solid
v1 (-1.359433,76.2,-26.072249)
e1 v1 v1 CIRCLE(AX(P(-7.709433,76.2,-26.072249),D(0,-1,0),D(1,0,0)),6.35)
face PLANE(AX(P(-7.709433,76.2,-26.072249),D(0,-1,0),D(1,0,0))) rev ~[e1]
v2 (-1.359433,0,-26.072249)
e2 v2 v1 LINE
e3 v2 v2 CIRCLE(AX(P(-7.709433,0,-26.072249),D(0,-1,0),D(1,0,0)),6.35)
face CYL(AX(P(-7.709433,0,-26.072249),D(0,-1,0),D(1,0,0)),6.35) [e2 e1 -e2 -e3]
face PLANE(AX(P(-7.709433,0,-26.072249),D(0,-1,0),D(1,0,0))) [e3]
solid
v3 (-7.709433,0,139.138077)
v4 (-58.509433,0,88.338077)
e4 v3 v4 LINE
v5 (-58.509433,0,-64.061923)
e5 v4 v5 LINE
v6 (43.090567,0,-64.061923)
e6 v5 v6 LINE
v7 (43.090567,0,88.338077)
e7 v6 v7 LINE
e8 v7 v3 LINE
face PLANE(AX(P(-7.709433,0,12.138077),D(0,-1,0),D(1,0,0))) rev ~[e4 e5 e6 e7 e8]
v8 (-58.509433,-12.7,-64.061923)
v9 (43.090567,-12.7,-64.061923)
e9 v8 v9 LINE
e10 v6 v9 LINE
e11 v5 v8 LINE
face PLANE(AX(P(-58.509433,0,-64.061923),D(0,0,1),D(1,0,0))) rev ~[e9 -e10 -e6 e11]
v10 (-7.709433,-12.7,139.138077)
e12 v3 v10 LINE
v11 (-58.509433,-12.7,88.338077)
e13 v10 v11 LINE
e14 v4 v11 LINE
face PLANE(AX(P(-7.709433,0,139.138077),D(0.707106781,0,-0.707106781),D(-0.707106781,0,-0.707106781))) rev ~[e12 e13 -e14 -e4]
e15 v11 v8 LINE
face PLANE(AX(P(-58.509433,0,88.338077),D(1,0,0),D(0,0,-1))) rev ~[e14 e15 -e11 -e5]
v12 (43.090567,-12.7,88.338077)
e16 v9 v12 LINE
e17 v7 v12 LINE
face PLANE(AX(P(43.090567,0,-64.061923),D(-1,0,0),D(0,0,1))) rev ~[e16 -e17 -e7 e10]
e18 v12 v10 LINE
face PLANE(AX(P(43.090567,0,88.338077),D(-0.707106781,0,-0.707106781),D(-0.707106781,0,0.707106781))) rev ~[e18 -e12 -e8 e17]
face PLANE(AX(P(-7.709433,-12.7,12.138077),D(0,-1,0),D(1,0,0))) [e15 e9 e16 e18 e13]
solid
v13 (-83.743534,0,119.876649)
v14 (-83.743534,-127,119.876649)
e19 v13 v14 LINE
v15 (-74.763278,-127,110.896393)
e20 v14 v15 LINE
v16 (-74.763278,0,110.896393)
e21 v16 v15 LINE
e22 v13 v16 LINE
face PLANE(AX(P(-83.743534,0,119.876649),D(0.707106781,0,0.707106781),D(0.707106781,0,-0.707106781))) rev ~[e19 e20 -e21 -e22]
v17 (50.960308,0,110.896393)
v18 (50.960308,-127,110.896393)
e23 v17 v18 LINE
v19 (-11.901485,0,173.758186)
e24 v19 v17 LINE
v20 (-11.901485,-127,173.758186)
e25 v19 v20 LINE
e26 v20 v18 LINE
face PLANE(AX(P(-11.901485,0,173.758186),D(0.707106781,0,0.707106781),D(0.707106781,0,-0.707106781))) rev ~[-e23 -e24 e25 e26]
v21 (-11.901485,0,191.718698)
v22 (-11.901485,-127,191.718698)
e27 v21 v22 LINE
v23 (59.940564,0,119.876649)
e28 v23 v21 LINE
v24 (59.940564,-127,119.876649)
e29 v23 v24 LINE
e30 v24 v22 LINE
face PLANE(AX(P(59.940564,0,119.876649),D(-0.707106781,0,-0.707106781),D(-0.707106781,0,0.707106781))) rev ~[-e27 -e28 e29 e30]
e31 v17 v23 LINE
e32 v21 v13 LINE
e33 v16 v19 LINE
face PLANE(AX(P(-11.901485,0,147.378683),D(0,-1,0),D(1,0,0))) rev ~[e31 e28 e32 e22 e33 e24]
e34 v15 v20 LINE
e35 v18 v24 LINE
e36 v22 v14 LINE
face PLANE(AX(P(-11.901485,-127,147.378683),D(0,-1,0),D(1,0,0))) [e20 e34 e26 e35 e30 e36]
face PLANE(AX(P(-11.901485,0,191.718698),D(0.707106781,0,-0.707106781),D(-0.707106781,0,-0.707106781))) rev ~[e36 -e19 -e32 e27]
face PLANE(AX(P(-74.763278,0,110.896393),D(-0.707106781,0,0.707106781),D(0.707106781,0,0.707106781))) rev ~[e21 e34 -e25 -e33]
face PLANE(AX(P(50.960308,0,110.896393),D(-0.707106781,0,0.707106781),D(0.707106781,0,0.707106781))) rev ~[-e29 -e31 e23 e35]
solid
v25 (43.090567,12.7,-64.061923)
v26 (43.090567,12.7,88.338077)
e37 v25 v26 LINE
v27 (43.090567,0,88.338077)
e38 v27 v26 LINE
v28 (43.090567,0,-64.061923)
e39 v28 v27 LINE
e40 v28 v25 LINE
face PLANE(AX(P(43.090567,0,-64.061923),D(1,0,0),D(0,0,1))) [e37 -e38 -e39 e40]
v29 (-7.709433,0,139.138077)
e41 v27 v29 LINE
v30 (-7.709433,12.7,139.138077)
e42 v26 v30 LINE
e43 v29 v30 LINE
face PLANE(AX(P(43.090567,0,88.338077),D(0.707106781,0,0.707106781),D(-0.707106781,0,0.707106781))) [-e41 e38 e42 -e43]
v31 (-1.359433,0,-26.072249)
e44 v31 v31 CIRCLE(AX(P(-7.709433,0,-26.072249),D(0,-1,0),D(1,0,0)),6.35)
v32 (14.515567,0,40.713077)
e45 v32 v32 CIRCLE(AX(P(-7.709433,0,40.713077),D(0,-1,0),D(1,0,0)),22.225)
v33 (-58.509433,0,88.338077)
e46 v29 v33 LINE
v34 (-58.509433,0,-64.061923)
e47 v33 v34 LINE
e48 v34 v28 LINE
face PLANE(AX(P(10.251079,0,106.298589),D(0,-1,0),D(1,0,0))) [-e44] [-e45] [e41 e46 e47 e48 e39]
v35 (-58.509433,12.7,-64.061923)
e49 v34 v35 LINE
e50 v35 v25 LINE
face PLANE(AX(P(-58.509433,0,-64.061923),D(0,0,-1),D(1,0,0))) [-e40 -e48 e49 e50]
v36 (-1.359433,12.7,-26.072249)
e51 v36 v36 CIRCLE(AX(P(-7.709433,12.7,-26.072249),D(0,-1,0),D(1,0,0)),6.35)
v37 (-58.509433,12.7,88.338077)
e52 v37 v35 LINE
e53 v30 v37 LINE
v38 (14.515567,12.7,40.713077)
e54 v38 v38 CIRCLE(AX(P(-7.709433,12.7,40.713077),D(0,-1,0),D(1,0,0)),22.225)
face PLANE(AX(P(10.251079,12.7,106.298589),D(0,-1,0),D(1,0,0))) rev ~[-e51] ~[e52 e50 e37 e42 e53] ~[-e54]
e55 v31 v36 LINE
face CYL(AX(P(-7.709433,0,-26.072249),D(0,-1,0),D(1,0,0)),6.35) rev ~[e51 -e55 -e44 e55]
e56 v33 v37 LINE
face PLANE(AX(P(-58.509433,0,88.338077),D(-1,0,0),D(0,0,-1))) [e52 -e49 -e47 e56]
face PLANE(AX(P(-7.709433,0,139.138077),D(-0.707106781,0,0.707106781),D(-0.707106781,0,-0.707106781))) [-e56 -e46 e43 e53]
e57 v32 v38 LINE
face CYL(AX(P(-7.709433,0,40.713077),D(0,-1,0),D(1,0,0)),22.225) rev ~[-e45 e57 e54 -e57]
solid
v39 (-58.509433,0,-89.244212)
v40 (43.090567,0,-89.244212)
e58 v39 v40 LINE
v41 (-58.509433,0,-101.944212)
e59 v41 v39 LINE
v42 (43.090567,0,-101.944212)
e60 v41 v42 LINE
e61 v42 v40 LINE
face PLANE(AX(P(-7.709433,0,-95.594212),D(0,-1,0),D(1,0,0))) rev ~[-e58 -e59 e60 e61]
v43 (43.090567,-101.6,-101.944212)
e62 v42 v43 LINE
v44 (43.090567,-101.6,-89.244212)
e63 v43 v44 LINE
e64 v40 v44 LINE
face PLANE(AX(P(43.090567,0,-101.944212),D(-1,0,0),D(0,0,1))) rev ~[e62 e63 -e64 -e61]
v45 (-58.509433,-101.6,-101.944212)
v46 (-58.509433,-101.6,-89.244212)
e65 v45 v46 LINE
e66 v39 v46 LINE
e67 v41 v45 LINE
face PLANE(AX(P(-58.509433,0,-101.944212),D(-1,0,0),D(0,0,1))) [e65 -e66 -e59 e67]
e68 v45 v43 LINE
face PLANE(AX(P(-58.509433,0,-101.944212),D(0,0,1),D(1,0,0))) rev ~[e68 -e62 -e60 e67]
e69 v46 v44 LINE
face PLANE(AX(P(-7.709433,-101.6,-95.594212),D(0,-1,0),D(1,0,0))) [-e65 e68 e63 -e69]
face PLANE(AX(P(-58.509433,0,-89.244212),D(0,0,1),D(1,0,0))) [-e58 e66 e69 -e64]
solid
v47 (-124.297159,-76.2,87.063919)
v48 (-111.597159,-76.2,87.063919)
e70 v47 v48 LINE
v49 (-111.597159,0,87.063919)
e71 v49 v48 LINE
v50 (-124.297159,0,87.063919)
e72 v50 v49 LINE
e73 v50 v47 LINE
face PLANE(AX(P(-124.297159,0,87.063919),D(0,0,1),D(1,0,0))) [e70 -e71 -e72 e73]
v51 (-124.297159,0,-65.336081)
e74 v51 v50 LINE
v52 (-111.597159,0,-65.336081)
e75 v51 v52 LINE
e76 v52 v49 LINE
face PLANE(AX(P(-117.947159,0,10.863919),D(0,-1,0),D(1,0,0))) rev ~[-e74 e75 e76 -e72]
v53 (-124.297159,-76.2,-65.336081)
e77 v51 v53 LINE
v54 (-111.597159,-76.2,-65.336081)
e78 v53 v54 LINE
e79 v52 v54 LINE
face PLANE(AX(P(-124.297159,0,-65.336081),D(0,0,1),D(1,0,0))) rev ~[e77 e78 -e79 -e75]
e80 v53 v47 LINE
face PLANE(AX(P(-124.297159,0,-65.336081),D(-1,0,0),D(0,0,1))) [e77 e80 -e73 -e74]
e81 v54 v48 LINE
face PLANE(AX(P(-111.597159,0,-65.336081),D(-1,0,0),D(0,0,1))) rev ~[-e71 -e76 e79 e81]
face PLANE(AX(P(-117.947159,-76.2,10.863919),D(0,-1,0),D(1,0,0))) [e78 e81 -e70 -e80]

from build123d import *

# Parameters (mm, degrees)
F0_W     = 101.6
F0_H     = 12.7
F1_DEPTH = 101.6
F0_W_2   = 12.7
F0_H_2   = 152.4
F2_DEPTH = 76.2
F0_R     = 6.35
F0_R_2   = 22.225
F3_DEPTH = 12.7
F4_DEPTH = 12.7
F5_DEPTH = 127
F6_DEPTH = 76.2


with BuildPart() as f1:
    # F0 (on Front) → F1 (new body)
    with BuildSketch(Plane.XZ):
        with Locations((-7.709433, -95.594212)):
            Rectangle(F0_W, F0_H)
    extrude(amount=F1_DEPTH)


with BuildPart() as f2:
    # F0 (on Front) → F2 (new body)
    with BuildSketch(Plane.XZ):
        with Locations((-117.947159, 10.863919)):
            Rectangle(F0_W_2, F0_H_2)
    extrude(amount=F2_DEPTH)


with BuildPart() as f3:
    # F0 (on Front) → F3 (new body)
    with BuildSketch(Plane.XZ):
        Polygon((-7.709433, 88.338077), (-58.509433, 88.338077), (-58.509433, -64.061923), (43.090567, -64.061923), (43.090567, 88.338077), align=None)
        with Locations((-7.709433, -26.072249)):
            Circle(F0_R, mode=Mode.SUBTRACT)
        with Locations((-7.709433, 40.713077)):
            Circle(F0_R_2, mode=Mode.SUBTRACT)
        Polygon((-7.709433, 139.138077), (-58.509433, 88.338077), (-7.709433, 88.338077), align=None)
        Polygon((-7.709433, 139.138077), (-7.709433, 88.338077), (43.090567, 88.338077), align=None)
        with Locations((-7.709433, 40.713077)):
            Circle(F0_R_2)
        with Locations((-7.709433, -26.072249)):
            Circle(F0_R)
    extrude(amount=F3_DEPTH)


with BuildPart() as f4:
    # F0 (on Front) → F4 (new body)
    with BuildSketch(Plane.XZ):
        Polygon((-7.709433, 139.138077), (-7.709433, 88.338077), (43.090567, 88.338077), align=None)
        Polygon((-7.709433, 139.138077), (-58.509433, 88.338077), (-7.709433, 88.338077), align=None)
        Polygon((-7.709433, 88.338077), (-58.509433, 88.338077), (-58.509433, -64.061923), (43.090567, -64.061923), (43.090567, 88.338077), align=None)
        with Locations((-7.709433, -26.072249)):
            Circle(F0_R, mode=Mode.SUBTRACT)
        with Locations((-7.709433, 40.713077)):
            Circle(F0_R_2, mode=Mode.SUBTRACT)
    extrude(amount=-F4_DEPTH)


with BuildPart() as f5:
    # F0 (on Front) → F5 (new body)
    with BuildSketch(Plane.XZ):
        Polygon((-11.901485, 191.718698), (-83.743534, 119.876649), (-74.763278, 110.896393), (-11.901485, 173.758186), (50.960308, 110.896393), (59.940564, 119.876649), align=None)
    extrude(amount=F5_DEPTH)


with BuildPart() as f6:
    # F0 (on Front) → F6 (new body)
    with BuildSketch(Plane.XZ):
        with Locations((-7.709433, -26.072249)):
            Circle(F0_R)
    extrude(amount=-F6_DEPTH)


solid = Compound([f1.part, f2.part, f3.part, f4.part, f5.part, f6.part])
